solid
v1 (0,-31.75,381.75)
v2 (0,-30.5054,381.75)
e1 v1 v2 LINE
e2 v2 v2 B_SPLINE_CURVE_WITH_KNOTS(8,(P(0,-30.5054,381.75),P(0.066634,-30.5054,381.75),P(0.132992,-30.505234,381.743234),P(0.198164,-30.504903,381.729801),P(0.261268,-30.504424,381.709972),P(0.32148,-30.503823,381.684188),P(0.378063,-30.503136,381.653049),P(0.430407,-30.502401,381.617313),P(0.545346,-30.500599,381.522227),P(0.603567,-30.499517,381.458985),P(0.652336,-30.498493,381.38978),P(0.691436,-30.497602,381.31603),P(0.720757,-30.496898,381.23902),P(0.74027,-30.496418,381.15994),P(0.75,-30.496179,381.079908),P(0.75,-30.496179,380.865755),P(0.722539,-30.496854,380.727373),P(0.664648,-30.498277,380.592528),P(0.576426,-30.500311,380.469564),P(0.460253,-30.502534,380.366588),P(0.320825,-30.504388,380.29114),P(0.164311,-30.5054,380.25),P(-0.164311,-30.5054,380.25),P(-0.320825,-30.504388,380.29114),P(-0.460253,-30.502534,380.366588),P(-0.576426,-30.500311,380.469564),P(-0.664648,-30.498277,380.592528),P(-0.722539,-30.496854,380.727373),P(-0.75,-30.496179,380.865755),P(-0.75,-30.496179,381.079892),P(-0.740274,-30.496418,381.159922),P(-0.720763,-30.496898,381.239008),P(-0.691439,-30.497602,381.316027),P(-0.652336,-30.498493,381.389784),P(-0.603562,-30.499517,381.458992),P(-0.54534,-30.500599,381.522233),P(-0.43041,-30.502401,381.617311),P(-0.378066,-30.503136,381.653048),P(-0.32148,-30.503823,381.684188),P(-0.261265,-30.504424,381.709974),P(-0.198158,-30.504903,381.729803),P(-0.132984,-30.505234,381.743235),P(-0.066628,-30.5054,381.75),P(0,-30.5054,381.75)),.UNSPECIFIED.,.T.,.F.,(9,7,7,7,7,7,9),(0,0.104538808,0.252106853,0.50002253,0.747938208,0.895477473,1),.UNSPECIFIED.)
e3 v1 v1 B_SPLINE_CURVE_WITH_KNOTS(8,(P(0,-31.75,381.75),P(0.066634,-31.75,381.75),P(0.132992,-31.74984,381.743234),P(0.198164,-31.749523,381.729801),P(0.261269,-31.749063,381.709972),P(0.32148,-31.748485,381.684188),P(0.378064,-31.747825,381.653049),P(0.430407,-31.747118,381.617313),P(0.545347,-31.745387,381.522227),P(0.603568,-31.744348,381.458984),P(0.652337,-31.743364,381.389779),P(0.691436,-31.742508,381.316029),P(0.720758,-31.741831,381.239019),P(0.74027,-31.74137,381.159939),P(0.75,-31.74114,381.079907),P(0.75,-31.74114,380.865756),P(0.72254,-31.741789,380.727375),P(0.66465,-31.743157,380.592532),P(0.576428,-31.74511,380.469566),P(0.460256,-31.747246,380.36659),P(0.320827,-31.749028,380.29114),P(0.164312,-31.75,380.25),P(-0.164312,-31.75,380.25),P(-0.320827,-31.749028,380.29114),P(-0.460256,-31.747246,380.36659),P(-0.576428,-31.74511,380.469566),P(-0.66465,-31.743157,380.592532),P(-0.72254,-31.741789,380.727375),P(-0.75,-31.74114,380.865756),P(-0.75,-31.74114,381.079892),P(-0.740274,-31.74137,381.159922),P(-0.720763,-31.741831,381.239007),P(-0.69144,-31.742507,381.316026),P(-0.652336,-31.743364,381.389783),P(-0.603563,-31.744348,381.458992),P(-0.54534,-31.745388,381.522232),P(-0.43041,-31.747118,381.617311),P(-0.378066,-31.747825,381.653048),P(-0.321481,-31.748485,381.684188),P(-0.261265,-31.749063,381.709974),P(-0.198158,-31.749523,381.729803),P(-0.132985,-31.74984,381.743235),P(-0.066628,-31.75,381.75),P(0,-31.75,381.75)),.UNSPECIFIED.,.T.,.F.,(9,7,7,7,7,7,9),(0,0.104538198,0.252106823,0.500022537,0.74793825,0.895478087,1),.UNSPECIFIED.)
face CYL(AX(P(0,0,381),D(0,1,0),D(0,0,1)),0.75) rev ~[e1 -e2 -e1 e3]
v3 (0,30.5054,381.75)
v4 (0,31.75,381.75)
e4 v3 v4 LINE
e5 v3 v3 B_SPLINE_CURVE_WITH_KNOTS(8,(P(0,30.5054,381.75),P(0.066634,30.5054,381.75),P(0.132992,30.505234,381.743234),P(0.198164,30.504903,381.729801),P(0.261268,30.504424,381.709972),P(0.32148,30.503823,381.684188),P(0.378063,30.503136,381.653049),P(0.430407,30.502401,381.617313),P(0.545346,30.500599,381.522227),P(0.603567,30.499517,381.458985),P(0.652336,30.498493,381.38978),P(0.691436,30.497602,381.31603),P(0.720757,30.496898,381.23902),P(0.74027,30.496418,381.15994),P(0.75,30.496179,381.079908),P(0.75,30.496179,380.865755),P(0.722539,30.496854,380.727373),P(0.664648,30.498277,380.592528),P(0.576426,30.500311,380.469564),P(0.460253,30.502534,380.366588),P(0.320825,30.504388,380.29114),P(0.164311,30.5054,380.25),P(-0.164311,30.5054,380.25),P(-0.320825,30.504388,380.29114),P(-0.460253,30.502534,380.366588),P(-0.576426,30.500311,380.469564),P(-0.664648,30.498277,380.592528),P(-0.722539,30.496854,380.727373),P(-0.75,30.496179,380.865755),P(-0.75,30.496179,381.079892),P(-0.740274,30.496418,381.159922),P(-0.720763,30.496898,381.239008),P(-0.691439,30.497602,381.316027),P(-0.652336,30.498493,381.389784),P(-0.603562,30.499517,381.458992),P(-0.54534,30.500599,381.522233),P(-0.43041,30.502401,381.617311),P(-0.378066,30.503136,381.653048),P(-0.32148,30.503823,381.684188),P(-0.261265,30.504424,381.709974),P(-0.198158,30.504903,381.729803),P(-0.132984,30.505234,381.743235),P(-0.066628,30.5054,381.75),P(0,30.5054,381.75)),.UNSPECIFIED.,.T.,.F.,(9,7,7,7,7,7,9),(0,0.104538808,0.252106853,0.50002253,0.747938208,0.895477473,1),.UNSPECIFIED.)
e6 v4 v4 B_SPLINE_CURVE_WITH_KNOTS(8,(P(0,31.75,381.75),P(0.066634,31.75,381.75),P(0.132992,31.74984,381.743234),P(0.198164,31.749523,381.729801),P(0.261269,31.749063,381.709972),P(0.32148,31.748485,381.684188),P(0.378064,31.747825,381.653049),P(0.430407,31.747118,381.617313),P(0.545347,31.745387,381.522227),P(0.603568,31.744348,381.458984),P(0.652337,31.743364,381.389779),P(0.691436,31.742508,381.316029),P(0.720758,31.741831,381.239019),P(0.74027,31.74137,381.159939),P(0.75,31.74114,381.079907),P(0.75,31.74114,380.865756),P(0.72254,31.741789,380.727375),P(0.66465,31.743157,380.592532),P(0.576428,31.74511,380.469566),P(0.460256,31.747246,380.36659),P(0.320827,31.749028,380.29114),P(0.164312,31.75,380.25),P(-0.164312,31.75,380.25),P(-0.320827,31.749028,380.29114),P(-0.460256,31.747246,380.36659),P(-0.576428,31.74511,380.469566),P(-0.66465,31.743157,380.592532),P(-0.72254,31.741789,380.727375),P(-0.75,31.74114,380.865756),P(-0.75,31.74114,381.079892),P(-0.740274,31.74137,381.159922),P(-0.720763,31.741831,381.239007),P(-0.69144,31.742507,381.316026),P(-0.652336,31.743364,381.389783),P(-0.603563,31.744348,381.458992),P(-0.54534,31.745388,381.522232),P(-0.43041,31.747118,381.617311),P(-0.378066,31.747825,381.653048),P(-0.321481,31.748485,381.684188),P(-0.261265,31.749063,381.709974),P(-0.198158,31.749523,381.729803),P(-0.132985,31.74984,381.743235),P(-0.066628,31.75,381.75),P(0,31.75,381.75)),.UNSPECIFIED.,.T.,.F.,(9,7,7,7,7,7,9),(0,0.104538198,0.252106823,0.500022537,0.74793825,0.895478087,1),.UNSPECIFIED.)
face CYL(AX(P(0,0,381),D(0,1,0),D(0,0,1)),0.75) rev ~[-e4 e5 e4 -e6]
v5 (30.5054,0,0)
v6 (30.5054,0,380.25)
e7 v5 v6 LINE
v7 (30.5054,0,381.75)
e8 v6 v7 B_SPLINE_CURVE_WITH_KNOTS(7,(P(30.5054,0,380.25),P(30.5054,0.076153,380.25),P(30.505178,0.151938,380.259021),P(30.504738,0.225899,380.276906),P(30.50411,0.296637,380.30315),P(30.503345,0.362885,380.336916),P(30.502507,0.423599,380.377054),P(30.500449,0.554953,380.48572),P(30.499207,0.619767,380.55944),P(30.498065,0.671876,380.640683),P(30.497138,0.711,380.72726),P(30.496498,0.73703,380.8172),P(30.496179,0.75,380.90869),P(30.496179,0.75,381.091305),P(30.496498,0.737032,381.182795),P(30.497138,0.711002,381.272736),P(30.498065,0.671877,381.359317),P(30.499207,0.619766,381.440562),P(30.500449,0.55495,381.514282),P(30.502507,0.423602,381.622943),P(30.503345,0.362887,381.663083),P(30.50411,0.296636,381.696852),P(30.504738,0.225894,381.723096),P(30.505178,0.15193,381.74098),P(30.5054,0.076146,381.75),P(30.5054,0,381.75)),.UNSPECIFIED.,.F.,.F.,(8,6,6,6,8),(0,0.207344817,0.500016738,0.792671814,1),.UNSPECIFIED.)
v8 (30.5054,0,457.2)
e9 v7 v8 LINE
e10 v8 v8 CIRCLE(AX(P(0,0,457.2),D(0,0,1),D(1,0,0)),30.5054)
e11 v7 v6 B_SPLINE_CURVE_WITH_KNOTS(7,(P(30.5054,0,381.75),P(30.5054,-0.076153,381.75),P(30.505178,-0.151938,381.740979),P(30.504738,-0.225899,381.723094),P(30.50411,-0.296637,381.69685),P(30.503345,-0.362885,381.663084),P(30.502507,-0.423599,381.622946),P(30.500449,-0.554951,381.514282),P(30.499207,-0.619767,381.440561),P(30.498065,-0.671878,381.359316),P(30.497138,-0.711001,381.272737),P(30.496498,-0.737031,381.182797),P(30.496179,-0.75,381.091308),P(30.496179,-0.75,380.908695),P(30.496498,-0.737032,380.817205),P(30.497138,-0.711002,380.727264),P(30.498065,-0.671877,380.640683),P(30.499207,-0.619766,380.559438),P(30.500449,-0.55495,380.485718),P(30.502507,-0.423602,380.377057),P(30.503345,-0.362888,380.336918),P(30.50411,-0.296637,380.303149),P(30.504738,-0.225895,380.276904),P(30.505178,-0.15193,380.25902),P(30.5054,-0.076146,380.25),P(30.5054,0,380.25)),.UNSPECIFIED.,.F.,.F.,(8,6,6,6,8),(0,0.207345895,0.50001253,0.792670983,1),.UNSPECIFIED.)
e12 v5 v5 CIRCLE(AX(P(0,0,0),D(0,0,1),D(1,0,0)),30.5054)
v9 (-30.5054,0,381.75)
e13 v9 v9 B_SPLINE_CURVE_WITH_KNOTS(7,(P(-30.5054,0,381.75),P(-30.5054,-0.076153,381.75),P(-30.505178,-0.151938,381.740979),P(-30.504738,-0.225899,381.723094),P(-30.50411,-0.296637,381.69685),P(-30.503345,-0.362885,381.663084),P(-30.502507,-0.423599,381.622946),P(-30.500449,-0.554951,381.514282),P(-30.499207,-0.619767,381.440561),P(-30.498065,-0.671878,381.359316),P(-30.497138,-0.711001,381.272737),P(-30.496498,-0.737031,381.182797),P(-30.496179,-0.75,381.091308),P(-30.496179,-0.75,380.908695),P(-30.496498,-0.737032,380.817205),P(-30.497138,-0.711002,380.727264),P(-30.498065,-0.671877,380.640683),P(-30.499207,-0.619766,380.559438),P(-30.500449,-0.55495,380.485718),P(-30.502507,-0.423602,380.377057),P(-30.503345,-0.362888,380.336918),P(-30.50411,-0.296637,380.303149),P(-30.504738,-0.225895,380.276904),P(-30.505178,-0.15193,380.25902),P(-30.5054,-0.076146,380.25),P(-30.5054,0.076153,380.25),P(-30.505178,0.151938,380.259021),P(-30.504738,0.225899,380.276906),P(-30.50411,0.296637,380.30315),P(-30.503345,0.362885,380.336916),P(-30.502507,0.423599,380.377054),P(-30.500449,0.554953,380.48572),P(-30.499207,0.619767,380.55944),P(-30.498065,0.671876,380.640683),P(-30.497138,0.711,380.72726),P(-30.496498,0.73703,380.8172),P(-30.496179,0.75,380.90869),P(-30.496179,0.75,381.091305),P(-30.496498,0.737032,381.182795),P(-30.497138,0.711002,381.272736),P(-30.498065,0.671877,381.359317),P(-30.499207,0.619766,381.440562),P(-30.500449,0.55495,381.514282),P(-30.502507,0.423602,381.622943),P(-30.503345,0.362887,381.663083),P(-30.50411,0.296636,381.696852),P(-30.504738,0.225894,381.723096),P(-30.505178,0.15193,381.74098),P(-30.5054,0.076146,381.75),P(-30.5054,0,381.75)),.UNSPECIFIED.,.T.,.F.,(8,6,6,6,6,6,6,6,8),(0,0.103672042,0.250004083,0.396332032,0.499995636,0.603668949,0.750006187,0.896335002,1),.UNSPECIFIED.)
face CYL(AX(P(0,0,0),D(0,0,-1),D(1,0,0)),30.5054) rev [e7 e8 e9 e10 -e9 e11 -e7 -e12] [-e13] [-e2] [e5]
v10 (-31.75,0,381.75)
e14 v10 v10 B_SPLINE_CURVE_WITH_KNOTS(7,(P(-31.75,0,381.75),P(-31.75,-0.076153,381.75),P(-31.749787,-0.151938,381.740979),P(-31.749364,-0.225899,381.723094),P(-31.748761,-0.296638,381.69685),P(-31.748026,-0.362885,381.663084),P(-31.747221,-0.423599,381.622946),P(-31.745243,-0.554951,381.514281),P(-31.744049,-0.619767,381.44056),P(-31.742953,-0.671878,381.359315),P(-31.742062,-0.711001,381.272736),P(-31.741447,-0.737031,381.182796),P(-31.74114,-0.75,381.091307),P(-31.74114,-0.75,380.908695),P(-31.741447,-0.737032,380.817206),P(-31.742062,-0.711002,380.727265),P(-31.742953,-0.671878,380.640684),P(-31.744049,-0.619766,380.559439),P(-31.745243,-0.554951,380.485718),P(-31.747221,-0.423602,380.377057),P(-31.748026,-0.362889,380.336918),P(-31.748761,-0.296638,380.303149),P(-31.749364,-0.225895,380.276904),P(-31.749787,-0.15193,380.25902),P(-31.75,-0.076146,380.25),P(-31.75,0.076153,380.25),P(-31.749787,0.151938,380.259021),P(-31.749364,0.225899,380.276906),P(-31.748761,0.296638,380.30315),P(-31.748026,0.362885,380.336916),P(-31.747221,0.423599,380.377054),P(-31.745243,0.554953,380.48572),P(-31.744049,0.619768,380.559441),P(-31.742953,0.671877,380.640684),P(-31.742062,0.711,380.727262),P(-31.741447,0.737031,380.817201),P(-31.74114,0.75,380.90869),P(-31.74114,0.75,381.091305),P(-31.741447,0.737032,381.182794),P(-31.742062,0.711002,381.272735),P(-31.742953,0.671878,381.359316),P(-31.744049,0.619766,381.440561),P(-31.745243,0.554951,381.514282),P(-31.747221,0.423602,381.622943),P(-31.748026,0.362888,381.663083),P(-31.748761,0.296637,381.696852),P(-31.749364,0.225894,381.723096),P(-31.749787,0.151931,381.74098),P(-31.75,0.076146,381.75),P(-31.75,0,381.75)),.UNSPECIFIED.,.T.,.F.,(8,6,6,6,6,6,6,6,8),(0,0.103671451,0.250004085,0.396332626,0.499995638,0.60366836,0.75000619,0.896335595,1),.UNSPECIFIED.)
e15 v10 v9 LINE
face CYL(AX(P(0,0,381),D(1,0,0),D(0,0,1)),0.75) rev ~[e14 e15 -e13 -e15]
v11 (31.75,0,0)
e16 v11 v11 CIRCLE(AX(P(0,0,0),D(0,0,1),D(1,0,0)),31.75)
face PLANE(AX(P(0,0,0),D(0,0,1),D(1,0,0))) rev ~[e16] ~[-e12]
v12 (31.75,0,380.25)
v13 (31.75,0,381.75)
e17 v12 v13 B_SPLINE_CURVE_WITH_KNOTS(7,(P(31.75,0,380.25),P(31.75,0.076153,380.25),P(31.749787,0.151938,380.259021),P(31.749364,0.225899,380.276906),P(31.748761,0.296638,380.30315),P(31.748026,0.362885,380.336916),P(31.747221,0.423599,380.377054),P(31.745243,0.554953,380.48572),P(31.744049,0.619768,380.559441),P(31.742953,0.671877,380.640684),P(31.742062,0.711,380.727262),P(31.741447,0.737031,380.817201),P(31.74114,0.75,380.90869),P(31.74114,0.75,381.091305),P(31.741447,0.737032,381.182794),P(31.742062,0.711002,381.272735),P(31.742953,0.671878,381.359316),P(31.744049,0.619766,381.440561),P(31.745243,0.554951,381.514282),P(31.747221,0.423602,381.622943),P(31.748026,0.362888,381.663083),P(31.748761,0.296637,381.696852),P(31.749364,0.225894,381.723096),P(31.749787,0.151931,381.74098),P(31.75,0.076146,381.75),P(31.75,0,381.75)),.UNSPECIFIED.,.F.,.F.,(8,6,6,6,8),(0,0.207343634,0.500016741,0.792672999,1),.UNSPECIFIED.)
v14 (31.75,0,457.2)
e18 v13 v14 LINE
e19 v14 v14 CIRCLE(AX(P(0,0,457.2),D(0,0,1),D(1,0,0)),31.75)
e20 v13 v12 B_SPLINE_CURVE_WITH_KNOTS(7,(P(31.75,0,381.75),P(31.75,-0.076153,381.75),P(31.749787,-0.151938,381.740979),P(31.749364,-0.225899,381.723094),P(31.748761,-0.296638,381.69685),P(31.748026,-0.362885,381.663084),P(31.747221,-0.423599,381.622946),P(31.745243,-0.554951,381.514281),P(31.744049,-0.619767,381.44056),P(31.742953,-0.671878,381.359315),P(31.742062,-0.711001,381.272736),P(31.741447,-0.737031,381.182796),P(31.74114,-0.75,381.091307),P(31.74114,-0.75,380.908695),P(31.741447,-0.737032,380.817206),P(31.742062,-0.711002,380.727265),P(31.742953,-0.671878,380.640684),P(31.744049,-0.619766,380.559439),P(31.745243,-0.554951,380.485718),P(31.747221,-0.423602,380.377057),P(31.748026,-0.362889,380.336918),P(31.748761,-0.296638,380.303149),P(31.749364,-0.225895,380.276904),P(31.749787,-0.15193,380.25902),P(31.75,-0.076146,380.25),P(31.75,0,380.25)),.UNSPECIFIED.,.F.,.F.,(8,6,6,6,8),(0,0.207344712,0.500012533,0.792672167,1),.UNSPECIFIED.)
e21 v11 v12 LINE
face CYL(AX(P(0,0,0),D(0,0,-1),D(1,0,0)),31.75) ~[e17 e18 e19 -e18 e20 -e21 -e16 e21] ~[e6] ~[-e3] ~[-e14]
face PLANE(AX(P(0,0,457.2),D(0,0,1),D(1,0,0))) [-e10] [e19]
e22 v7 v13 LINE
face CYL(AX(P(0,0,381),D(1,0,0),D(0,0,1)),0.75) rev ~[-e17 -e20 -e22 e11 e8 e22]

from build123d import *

# Parameters (mm, degrees)
SKETCH1_R           = 31.75
SKETCH1_R_2         = 30.5054
BOSS_EXTRUDE1_DEPTH = 457.2
SKETCH3_R           = 0.75
CUT_EXTRUDE1_DEPTH  = 460.399570091
CIRPATTERN1_COUNT   = 4


with BuildPart() as part:
    # Sketch1 → Boss-Extrude1 (new body)
    with BuildSketch(Plane.XY):
        Circle(SKETCH1_R)
        Circle(SKETCH1_R_2, mode=Mode.SUBTRACT)
    extrude(amount=BOSS_EXTRUDE1_DEPTH)

    # Sketch3 → Cut-Extrude1 (cut, symmetric)
    with BuildSketch(Plane(origin=(0, 0, 0), x_dir=(1, 0, 0), z_dir=(0, 1, 0))):
        with Locations(Location((0, -381, 0), (0, 0, 270))):
            Circle(SKETCH3_R)
    cut_extrude1 = extrude(amount=CUT_EXTRUDE1_DEPTH, both=True, mode=Mode.SUBTRACT)

    # CirPattern1: Cut-Extrude1 ×4 about axis
    cirpattern1_axis = Axis((0, 0, 457.2), (0, 0, -1))
    for i in range(1, CIRPATTERN1_COUNT):
        add(cut_extrude1.rotate(cirpattern1_axis, i * 360 / CIRPATTERN1_COUNT), mode=Mode.SUBTRACT)


solid = part.part
